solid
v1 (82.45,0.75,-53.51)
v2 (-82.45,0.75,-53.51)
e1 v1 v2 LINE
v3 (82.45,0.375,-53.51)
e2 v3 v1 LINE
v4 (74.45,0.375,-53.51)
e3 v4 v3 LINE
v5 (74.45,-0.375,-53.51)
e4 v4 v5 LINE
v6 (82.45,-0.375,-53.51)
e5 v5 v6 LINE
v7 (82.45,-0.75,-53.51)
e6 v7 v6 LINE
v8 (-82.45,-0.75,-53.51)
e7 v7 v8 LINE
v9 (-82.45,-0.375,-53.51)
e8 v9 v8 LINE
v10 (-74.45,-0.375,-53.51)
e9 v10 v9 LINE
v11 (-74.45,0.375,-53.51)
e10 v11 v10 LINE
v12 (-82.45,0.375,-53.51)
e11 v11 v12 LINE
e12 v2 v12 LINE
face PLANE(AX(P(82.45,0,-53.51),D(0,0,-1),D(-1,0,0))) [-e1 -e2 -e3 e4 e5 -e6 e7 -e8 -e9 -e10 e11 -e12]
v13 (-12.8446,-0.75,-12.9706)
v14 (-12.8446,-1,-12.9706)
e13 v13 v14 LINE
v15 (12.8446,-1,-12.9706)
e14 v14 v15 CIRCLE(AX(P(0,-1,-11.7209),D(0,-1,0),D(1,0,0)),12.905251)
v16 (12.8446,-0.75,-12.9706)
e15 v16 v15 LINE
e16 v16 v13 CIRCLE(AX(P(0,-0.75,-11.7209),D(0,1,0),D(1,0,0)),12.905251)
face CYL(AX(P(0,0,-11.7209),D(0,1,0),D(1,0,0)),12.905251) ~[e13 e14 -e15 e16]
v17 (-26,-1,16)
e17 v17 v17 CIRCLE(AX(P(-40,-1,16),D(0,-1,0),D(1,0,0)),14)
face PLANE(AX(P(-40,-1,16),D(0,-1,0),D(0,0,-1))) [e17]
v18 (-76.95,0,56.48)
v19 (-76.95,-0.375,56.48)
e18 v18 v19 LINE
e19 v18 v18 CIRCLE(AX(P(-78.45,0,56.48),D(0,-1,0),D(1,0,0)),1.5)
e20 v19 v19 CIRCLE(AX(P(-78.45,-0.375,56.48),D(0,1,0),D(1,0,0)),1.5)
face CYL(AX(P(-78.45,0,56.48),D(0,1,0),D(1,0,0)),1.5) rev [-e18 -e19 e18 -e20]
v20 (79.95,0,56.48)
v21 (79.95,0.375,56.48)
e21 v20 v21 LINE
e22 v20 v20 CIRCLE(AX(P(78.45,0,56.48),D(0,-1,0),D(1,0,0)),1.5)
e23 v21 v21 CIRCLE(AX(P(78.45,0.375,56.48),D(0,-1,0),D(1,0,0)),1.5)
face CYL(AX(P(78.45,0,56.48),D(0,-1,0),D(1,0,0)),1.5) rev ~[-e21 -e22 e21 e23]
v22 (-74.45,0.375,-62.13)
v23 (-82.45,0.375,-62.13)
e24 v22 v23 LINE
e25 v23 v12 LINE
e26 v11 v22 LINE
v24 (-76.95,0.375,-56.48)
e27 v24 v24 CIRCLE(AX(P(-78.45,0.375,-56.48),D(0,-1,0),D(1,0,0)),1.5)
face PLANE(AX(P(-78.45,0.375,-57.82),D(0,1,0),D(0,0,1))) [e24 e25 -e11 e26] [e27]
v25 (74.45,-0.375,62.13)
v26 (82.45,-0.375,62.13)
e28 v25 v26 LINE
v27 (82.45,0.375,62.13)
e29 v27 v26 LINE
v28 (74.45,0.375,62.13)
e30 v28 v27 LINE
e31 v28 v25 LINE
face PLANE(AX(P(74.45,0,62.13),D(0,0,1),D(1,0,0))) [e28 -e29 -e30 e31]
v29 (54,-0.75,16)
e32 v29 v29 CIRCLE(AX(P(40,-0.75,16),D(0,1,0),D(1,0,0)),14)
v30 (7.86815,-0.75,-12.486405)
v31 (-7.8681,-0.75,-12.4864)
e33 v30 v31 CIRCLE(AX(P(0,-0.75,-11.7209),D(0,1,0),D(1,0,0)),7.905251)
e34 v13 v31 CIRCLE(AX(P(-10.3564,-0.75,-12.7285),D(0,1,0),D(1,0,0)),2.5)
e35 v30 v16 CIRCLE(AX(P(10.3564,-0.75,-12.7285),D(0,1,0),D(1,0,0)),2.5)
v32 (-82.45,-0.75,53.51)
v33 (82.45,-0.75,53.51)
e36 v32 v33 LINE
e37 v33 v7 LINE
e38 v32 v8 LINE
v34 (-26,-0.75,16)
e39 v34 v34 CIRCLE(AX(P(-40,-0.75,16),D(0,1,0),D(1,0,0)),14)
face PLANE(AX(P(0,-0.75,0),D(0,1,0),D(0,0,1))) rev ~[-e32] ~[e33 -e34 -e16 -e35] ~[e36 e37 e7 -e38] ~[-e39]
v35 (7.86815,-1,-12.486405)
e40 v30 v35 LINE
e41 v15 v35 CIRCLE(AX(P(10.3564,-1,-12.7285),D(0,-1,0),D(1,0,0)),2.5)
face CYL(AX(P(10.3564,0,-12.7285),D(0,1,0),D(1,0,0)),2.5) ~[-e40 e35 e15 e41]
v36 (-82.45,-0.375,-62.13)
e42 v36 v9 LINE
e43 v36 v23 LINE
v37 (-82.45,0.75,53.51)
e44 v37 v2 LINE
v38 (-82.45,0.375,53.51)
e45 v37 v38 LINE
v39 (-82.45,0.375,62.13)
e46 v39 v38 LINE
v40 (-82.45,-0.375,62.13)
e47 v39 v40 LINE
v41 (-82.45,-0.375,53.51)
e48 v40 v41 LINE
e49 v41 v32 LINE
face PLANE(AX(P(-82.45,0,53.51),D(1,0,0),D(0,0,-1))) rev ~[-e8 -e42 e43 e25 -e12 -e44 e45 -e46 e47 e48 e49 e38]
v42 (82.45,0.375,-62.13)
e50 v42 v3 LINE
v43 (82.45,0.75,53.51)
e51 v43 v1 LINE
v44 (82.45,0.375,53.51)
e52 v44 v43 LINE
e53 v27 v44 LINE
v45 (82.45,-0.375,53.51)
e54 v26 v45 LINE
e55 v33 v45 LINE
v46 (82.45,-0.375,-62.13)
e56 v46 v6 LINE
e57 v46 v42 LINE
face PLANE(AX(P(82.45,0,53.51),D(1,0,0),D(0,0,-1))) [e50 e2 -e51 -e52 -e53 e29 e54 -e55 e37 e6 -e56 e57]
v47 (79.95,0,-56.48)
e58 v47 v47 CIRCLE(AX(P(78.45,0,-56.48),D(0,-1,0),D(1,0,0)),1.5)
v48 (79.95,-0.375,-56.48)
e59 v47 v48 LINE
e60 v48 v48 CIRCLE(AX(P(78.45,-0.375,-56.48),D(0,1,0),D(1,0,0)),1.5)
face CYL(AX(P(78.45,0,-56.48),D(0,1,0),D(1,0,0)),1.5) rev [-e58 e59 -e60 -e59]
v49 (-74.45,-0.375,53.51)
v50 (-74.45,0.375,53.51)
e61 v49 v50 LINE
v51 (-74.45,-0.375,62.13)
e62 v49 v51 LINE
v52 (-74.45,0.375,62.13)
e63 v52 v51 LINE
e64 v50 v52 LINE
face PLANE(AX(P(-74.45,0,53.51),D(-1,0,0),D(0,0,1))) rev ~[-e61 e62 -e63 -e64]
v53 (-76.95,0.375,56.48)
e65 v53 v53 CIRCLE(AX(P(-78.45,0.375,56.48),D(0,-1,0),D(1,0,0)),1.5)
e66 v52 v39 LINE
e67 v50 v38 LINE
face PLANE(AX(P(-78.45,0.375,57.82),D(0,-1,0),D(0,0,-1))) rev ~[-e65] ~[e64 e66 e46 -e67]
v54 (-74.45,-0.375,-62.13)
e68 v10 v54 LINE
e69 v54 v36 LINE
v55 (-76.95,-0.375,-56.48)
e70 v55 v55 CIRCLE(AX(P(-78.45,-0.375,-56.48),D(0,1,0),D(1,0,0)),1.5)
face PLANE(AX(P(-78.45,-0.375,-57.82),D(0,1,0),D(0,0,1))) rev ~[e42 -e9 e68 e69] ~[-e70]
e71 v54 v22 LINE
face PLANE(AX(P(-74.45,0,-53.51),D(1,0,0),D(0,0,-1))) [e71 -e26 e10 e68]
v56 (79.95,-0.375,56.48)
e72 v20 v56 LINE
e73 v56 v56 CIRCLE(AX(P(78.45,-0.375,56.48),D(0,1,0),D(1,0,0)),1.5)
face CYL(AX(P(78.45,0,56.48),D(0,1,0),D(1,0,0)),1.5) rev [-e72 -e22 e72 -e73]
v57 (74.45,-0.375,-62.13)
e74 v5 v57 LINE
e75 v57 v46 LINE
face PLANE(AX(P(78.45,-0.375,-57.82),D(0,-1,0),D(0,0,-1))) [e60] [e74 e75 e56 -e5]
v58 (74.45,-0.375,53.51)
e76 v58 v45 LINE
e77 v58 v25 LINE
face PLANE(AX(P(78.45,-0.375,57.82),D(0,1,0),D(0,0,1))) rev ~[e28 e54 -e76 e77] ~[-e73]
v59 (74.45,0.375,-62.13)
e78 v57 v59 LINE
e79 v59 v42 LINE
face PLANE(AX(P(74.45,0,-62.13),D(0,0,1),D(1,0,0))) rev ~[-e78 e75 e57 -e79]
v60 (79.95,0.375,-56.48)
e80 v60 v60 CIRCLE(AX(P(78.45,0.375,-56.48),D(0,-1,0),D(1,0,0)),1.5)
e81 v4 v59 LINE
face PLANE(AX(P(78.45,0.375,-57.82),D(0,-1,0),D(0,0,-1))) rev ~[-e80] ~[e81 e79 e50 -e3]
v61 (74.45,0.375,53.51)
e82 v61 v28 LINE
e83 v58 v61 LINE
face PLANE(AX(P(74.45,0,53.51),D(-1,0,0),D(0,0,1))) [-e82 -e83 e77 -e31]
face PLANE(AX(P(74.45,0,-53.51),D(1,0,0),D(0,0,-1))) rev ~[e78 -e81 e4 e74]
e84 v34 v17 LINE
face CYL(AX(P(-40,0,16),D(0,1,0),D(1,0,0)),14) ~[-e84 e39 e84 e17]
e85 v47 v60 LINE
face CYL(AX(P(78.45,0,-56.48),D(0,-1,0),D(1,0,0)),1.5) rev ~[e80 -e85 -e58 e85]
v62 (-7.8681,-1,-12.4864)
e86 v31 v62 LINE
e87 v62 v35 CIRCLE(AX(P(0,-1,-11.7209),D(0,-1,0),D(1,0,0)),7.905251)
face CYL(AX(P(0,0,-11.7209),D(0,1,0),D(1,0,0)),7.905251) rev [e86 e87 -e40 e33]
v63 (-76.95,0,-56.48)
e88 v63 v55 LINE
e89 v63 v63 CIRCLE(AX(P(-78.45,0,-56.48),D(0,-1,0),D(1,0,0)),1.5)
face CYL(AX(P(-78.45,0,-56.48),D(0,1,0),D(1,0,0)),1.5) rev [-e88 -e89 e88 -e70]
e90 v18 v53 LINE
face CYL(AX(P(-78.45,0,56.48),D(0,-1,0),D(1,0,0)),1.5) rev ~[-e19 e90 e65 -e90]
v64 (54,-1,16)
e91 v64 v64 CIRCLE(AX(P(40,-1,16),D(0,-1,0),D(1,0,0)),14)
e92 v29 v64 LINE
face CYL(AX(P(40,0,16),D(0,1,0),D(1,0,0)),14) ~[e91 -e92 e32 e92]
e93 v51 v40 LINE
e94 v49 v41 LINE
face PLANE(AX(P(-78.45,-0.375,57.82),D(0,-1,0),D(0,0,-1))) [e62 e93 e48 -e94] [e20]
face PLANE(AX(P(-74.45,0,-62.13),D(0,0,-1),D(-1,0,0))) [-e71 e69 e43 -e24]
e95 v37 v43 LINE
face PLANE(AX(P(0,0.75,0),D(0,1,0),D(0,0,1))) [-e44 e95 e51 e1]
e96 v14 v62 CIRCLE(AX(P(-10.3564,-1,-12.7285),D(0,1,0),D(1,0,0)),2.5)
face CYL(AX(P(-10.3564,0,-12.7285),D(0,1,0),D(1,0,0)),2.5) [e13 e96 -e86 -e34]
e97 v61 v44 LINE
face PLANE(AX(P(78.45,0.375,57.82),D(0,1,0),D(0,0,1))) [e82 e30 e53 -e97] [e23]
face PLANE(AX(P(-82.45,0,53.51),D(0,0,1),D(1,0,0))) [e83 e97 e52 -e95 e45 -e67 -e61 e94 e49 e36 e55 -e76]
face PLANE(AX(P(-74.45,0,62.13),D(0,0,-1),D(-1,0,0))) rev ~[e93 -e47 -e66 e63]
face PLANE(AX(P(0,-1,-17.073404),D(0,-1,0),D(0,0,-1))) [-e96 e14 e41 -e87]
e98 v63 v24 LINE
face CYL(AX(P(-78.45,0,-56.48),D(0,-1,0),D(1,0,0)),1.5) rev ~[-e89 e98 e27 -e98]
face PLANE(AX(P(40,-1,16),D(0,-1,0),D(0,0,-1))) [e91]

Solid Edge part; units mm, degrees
sketch "Sketch1" plane through (0, 0, 0) normal (0, -1, 0) x (1, 0, 0)
  line L0 (-82.45, 53.51) -> (82.45, 53.51)
  line L1 (82.45, 53.51) -> (82.45, -53.51)
  line L2 (82.45, -53.51) -> (-82.45, -53.51)
  line L3 (-82.45, 53.51) -> (-82.45, -53.51)
extrude "Protrusion1" add sketch "Sketch1" along normal mid plane 1.5
sketch "Sketch2" plane through (0, 0, 0) normal (0, -1, 0) x (1, 0, 0)
  line L0 (82.45, 62.13) -> (82.45, 53.51)
  line L1 (74.45, 53.51) -> (82.45, 53.51)
  line L2 (74.45, 53.51) -> (74.45, 62.13)
  line L3 (74.45, 62.13) -> (82.45, 62.13)
  line L4 (-74.45, 53.51) -> (-74.45, 62.13)
  line L5 (-74.45, 62.13) -> (-82.45, 62.13)
  line L6 (-82.45, 62.13) -> (-82.45, 53.51)
  line L7 (-74.45, 53.51) -> (-82.45, 53.51)
  line L8 (-74.45, -53.51) -> (-74.45, -62.13)
  line L9 (-74.45, -62.13) -> (-82.45, -62.13)
  line L10 (-82.45, -62.13) -> (-82.45, -53.51)
  line L11 (-74.45, -53.51) -> (-82.45, -53.51)
  line L12 (82.45, -62.13) -> (82.45, -53.51)
  line L13 (74.45, -53.51) -> (82.45, -53.51)
  line L14 (74.45, -53.51) -> (74.45, -62.13)
  line L15 (74.45, -62.13) -> (82.45, -62.13)
  dimension "D1" = 107.02
  dimension "D2" = 164.9
  dimension "D3" = 3
  dimension "D4" = 62.13
  dimension "D5" = 156.9
  dimension "D6" = 148.9
  dimension "D7" = 53.51
  dimension "D8" = 2.97
  dimension "D9" = 28
  dimension "D10" = 80
  dimension "D11" = 52
  dimension "D12" = 108
  dimension "D13" = 40
  dimension "D14" = 5
  dimension "D15" = 16
  dimension "D16" = 12.8446
  dimension "D17" = 7.8681
  dimension "D18" = 19.6262
extrude "ExtrudedProtrusion_2" add sketch "Sketch2" along normal mid plane 0.75
sketch "Sketch3" plane through (0, 0, 0) normal (0, -1, 0) x (1, 0, 0)
  circle A0 centre (78.45, 56.48) radius 1.5
  circle A1 centre (-78.45, 56.48) radius 1.5
  circle A2 centre (-78.45, -56.48) radius 1.5
  circle A3 centre (78.45, -56.48) radius 1.5
  dimension "D1" = 107.02
  dimension "D2" = 164.9
  dimension "D3" = 3
  dimension "D4" = 62.13
  dimension "D5" = 156.9
  dimension "D6" = 148.9
  dimension "D7" = 53.51
  dimension "D8" = 2.97
  dimension "D9" = 28
  dimension "D10" = 80
  dimension "D11" = 52
  dimension "D12" = 108
  dimension "D13" = 40
  dimension "D14" = 5
  dimension "D15" = 16
  dimension "D16" = 12.8446
  dimension "D17" = 7.8681
  dimension "D18" = 19.6262
extrude "Cutout1" cut sketch "Sketch3" along normal through all and the other way through all
sketch "Sketch4" plane through (0, 0, 0) normal (0, -1, 0) x (1, 0, 0)
  circle A0 centre (40, 16) radius 14
  circle A1 centre (-40, 16) radius 14
  arc A2 (-12.8446, -12.9706) -> (12.8446, -12.9706) centre (0, -11.7209) ccw
  arc A3 (12.8446, -12.9706) -> (7.8681, -12.4864) centre (10.3564, -12.7285) ccw
  arc A4 (-7.8681, -12.4864) -> (7.8681, -12.4864) centre (0, -11.7209) ccw
  arc A5 (-12.8446, -12.9706) -> (-7.8681, -12.4864) centre (-10.3564, -12.7285) cw
  dimension "D1" = 107.02
  dimension "D2" = 164.9
  dimension "D3" = 3
  dimension "D4" = 62.13
  dimension "D5" = 156.9
  dimension "D6" = 148.9
  dimension "D7" = 53.51
  dimension "D8" = 2.97
  dimension "D9" = 28
  dimension "D10" = 80
  dimension "D11" = 52
  dimension "D12" = 108
  dimension "D13" = 40
  dimension "D14" = 5
  dimension "D15" = 16
  dimension "D16" = 12.8446
  dimension "D17" = 7.8681
  dimension "D18" = 19.6262
extrude "ExtrudedProtrusion_4" add sketch "Sketch4" along normal blind 1
